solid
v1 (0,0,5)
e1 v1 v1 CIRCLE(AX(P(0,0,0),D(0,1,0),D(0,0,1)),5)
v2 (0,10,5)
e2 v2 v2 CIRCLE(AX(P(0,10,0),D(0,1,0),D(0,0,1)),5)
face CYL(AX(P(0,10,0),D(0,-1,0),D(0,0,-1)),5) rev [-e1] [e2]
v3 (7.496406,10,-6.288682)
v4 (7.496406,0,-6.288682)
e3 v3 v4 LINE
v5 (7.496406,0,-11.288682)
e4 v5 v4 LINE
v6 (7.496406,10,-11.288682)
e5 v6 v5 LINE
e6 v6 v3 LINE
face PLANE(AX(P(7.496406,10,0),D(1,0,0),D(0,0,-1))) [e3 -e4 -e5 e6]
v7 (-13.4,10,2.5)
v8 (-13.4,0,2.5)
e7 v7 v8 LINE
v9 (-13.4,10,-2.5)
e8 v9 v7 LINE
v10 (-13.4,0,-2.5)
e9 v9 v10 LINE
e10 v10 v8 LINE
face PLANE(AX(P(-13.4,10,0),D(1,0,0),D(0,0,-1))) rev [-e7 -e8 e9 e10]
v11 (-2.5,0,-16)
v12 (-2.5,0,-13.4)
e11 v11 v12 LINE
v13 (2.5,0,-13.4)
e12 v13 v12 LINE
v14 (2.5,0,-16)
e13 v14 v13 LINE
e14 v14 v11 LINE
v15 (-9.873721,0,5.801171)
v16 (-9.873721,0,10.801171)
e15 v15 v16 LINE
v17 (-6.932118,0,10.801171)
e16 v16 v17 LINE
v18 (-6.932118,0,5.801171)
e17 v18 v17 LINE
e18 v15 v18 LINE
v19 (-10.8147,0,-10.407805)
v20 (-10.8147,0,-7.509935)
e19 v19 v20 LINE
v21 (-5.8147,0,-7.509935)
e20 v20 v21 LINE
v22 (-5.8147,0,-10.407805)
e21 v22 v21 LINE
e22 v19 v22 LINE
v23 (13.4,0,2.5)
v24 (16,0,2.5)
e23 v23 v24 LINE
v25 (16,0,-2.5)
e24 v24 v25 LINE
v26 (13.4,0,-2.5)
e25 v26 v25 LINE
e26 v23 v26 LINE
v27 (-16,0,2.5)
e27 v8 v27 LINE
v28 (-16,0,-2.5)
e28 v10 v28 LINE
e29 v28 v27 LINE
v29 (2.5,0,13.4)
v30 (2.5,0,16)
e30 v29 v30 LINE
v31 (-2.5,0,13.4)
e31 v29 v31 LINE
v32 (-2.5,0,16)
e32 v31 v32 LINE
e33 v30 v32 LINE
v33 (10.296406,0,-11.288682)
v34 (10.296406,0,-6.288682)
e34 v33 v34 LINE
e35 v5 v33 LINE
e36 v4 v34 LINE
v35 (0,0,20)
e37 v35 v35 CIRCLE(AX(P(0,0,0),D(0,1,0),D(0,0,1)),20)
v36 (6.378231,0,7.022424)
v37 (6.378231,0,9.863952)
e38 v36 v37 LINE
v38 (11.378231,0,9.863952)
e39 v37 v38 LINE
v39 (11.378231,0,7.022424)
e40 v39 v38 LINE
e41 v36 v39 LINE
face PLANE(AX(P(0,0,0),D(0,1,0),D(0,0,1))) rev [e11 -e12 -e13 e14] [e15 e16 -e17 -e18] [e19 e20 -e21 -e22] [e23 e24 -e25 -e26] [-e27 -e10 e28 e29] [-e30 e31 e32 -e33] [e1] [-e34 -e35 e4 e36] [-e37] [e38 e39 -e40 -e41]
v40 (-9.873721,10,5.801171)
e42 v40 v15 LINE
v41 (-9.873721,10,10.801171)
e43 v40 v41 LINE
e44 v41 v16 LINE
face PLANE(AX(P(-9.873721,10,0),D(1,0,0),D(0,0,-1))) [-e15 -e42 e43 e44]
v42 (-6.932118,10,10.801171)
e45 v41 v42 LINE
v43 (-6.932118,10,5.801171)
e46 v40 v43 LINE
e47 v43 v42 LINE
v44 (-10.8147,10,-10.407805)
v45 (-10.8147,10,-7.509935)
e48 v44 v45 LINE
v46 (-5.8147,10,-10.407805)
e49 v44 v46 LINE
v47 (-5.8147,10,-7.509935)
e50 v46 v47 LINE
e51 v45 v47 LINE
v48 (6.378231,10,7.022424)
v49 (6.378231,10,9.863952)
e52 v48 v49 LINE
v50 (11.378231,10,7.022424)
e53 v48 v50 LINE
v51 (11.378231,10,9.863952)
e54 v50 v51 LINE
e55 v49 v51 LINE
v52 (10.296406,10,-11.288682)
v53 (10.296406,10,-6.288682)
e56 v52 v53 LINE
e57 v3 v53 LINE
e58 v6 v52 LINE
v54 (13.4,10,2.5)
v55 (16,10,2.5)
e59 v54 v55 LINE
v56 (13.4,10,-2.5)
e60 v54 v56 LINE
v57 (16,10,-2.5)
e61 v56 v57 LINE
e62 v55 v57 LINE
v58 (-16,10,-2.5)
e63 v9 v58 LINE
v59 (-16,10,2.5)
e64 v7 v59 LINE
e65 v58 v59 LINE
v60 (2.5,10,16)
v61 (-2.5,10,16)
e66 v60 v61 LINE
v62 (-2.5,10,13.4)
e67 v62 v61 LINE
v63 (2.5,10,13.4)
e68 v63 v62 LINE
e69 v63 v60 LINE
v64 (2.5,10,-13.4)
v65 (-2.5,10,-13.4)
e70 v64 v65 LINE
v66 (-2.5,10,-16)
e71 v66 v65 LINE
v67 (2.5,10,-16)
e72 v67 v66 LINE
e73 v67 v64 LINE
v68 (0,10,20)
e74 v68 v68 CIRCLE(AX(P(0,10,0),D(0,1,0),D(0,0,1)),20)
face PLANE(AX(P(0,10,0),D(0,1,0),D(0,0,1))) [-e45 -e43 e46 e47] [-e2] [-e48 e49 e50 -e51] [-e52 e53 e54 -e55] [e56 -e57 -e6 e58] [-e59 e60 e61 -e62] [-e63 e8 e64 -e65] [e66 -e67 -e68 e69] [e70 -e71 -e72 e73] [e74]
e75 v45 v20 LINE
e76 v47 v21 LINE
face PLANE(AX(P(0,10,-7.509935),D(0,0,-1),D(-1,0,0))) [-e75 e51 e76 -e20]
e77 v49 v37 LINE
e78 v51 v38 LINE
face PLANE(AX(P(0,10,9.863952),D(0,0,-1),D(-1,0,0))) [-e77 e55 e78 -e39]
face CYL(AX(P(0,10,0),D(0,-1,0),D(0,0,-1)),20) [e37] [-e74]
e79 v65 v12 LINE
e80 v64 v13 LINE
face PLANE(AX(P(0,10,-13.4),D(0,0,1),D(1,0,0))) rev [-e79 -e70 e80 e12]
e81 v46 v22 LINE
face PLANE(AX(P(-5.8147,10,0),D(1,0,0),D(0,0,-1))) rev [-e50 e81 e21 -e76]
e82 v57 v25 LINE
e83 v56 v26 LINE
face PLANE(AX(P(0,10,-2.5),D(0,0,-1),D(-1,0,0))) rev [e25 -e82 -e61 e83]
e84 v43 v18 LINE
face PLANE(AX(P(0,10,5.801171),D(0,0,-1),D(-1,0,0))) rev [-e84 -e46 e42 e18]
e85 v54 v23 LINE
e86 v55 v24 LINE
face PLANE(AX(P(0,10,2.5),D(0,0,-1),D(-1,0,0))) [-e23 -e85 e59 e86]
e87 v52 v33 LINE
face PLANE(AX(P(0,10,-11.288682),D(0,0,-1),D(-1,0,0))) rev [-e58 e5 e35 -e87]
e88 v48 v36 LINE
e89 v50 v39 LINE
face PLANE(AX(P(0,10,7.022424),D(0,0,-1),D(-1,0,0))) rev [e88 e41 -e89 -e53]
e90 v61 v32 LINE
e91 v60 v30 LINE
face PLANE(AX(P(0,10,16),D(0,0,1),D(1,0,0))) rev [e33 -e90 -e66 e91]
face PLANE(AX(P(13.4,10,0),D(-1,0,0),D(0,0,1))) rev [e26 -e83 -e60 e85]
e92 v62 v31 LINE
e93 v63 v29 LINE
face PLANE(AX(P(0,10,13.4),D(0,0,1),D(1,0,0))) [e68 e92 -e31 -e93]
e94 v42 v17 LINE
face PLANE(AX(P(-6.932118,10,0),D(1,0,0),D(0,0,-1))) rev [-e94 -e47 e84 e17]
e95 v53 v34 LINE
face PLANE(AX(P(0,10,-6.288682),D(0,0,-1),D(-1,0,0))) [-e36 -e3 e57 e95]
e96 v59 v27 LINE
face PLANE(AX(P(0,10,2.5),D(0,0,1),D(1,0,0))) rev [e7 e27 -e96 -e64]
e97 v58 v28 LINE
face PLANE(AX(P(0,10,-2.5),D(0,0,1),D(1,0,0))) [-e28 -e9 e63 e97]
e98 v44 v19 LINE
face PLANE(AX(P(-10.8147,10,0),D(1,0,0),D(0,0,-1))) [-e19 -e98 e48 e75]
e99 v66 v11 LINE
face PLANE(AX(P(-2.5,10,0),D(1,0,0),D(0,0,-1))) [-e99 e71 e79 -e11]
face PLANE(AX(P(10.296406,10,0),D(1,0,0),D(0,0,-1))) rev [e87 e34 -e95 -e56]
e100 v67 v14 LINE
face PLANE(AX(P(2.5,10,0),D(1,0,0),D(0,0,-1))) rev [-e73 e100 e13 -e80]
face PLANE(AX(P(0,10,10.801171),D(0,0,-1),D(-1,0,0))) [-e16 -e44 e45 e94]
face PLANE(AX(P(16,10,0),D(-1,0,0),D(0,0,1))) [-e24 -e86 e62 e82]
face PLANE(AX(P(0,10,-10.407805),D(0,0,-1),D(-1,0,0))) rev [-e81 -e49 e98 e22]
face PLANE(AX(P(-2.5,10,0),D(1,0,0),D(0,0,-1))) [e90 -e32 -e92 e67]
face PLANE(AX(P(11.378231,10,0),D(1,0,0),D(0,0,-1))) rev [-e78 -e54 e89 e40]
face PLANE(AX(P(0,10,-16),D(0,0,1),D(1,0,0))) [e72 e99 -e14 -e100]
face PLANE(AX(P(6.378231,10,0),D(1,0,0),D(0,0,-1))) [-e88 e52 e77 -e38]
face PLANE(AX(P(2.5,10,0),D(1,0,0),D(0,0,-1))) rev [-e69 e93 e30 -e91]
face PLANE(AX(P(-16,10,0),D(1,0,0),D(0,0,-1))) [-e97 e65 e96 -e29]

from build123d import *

# Parameters (mm, degrees)
SKETCH_1_R      = 20
SKETCH_1_R_2    = 5
SKETCH_1_W      = 5
SKETCH_1_H      = 2.6
SKETCH_1_W_2    = 2.6
SKETCH_1_H_2    = 5
SKETCH_1_W_3    = 2.8
SKETCH_1_W_4    = 2.941603816
SKETCH_1_H_3    = 2.897870759
SKETCH_1_H_4    = 2.841528046
EXTRUDE_1_DEPTH = 10


with BuildPart() as part:
    # Эскиз1 → Бобышка-Вытянуть1 (new body)
    with BuildSketch(Plane(origin=(0, 0, 0), x_dir=(1, 0, 0), z_dir=(0, 1, 0))):
        with Locations(Location((0, 0, 0), (0, 0, 270))):
            Circle(SKETCH_1_R)
        with Locations(Location((0, 0, 0), (0, 0, 270))):
            Circle(SKETCH_1_R_2, mode=Mode.SUBTRACT)
        with Locations((0, -14.7)):
            Rectangle(SKETCH_1_W, SKETCH_1_H, mode=Mode.SUBTRACT)
        with Locations((-14.7, 0)):
            Rectangle(SKETCH_1_W_2, SKETCH_1_H_2, mode=Mode.SUBTRACT)
        with Locations((14.7, 0)):
            Rectangle(SKETCH_1_W_2, SKETCH_1_H_2, mode=Mode.SUBTRACT)
        with Locations((0, 14.7)):
            Rectangle(SKETCH_1_W, SKETCH_1_H, mode=Mode.SUBTRACT)
        with Locations((8.896405813, 8.788682263)):
            Rectangle(SKETCH_1_W_3, SKETCH_1_H_2, mode=Mode.SUBTRACT)
        with Locations((-8.402919516, -8.301171423)):
            Rectangle(SKETCH_1_W_4, SKETCH_1_H_2, mode=Mode.SUBTRACT)
        with Locations((-8.314700298, 8.958870068)):
            Rectangle(SKETCH_1_W, SKETCH_1_H_3, mode=Mode.SUBTRACT)
        with Locations((8.878230894, -8.443187871)):
            Rectangle(SKETCH_1_W, SKETCH_1_H_4, mode=Mode.SUBTRACT)
    extrude(amount=EXTRUDE_1_DEPTH)


solid = part.part
